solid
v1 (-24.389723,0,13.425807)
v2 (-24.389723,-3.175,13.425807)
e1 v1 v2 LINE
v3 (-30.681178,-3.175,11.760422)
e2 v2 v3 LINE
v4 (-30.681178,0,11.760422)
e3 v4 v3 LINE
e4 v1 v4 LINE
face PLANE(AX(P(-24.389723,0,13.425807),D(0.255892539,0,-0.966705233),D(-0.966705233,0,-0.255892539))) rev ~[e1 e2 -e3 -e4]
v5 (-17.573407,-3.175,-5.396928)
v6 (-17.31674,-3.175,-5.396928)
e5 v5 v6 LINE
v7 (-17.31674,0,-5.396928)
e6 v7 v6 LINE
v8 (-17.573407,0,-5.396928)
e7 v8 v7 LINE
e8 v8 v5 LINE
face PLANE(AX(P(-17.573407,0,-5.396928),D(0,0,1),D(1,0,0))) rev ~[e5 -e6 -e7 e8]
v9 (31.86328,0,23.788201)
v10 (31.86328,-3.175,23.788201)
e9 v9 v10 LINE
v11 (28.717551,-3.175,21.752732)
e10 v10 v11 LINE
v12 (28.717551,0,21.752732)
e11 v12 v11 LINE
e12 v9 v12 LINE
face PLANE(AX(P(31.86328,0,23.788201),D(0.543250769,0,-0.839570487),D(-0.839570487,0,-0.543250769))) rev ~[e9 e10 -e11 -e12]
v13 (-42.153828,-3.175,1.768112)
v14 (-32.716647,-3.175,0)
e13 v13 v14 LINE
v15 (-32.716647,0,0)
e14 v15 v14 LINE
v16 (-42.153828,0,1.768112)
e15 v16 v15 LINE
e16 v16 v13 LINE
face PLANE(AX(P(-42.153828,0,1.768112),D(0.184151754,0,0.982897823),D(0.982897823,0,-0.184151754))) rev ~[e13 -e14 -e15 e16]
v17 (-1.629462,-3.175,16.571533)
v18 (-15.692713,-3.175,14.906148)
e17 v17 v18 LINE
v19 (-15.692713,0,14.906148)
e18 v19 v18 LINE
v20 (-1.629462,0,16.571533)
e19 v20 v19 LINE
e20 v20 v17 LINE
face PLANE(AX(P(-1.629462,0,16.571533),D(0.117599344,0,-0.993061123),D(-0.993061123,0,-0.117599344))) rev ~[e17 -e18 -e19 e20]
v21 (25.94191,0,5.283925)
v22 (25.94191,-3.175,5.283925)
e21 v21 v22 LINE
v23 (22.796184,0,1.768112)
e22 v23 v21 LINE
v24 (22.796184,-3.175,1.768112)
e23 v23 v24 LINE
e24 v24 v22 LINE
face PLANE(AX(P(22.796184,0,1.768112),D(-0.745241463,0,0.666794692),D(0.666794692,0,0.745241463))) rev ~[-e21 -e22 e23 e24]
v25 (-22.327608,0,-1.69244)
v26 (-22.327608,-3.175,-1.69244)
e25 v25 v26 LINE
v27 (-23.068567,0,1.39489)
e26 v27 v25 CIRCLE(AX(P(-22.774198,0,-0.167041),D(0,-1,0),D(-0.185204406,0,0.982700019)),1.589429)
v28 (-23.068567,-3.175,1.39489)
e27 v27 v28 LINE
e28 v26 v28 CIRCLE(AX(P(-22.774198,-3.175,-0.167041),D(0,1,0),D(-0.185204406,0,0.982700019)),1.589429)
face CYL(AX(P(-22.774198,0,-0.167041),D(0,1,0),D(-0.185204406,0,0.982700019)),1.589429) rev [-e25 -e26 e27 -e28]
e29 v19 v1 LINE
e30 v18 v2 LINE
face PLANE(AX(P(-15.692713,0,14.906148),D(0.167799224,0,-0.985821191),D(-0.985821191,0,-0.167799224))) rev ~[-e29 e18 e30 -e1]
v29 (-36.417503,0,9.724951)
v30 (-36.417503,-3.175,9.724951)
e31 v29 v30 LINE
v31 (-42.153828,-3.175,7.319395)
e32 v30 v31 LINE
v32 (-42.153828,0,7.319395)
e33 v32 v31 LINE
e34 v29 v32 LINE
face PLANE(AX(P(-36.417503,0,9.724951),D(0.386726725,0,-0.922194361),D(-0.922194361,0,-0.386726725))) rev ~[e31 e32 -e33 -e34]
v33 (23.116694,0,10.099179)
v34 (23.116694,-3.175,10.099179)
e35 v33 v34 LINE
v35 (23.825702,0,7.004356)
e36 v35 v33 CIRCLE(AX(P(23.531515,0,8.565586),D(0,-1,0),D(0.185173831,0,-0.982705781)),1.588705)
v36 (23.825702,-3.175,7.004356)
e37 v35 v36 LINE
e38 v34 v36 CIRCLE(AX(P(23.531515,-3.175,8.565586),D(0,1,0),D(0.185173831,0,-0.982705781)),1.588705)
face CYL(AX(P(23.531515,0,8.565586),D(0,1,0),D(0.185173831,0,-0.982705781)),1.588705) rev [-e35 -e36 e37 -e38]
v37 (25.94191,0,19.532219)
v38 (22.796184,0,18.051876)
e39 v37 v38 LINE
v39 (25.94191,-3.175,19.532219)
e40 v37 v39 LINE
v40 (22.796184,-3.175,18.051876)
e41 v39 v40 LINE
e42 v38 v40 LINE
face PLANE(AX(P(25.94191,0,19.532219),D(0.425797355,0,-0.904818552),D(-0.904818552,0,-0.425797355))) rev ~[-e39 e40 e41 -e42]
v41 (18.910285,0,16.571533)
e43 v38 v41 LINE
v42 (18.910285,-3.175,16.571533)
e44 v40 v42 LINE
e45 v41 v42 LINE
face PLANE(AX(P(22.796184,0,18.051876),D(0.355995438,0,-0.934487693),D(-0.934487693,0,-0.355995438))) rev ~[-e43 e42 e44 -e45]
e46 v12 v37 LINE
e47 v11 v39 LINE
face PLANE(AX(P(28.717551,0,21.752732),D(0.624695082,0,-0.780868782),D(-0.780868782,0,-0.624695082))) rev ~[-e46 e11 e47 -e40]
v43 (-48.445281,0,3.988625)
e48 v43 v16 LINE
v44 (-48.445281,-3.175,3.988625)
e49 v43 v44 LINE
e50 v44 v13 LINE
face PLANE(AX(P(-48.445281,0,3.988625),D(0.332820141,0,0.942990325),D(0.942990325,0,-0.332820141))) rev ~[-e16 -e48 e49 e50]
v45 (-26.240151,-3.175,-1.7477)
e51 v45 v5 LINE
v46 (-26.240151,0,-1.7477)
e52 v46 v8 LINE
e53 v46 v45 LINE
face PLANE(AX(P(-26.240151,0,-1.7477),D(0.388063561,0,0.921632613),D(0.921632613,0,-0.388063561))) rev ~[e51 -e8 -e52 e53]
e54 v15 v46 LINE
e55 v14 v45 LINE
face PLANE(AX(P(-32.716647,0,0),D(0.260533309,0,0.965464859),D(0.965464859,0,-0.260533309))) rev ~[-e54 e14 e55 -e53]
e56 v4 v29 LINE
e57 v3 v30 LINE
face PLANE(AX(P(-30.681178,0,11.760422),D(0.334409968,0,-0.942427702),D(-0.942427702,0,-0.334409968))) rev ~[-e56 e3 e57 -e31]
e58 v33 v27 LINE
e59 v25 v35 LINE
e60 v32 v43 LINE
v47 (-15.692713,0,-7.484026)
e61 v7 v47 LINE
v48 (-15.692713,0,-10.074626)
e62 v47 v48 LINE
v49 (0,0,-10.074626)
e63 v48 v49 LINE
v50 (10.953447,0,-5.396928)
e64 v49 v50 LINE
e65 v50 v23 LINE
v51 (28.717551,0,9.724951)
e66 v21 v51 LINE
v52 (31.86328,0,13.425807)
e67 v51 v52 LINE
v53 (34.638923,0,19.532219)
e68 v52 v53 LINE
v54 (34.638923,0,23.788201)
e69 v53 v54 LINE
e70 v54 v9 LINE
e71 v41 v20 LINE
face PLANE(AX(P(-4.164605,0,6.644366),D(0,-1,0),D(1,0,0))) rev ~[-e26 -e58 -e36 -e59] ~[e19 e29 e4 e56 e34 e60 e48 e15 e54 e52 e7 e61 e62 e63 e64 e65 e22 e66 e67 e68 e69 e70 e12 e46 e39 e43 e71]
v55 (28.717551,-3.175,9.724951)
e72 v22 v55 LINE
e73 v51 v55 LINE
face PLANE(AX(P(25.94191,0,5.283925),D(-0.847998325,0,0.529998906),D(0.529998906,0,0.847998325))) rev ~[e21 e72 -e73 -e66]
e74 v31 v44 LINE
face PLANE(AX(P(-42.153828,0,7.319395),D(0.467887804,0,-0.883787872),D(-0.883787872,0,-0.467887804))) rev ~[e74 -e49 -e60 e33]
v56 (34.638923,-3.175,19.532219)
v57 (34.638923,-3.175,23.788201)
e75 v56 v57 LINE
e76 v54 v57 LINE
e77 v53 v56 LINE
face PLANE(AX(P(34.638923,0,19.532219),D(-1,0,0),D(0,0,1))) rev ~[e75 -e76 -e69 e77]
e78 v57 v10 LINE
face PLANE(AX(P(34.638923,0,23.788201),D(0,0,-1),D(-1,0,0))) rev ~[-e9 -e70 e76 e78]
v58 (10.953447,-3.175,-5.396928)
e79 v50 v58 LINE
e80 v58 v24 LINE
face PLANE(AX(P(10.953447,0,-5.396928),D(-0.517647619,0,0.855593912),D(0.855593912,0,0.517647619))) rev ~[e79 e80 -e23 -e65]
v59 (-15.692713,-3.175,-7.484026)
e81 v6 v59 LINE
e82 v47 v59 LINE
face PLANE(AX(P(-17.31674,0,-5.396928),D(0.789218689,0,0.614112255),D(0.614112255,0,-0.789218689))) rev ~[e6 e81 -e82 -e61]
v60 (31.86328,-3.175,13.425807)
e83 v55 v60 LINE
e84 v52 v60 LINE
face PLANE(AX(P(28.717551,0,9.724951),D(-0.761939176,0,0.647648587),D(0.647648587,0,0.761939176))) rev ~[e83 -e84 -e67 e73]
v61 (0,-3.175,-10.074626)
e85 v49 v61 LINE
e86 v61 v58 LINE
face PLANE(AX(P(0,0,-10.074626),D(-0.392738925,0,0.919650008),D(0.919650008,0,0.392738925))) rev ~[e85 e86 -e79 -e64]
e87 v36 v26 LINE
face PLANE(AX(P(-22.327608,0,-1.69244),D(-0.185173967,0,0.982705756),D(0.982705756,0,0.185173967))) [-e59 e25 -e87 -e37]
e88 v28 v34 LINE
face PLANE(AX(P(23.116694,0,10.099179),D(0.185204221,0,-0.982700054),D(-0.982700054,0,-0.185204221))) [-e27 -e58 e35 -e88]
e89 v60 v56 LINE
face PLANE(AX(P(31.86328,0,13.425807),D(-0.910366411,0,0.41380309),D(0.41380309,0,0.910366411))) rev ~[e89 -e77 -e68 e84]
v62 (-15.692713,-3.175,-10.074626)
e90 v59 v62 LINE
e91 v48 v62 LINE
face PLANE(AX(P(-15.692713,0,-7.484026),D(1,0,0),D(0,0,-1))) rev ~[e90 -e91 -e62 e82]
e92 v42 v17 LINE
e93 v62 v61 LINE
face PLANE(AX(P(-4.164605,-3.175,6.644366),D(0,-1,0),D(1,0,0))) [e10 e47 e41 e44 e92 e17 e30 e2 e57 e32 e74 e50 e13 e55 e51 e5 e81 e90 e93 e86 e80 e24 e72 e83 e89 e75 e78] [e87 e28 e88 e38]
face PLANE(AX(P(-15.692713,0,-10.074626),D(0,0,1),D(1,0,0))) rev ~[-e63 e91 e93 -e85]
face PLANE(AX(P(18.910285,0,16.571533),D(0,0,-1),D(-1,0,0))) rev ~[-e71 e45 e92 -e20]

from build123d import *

# Parameters (mm, degrees)
F1_DEPTH = 3.175
F3_DEPTH = 9.144


with BuildPart() as f1:
    # F0 (on Front) → F1 (new body)
    with BuildSketch(Plane.XZ):
        Polygon((-42.153828, 7.319395), (-48.445281, 3.988625), (-42.153828, 1.768112), (-32.716647, 0), (-26.240151, -1.7477), (-17.573407, -5.396928), (-17.31674, -5.396928), (-15.692713, -7.484026), (-15.692713, -10.074626), (0, -10.074626), (10.953447, -5.396928), (22.796184, 1.768112), (25.94191, 5.283925), (28.717551, 9.724951), (31.86328, 13.425807), (34.638923, 19.532219), (34.638923, 21.752732), (34.638923, 23.788201), (31.86328, 23.788201), (28.717551, 21.752732), (25.94191, 19.532219), (22.796184, 18.051876), (18.910285, 16.571533), (10.953447, 16.571533), (-1.629462, 16.571533), (-15.692713, 14.906148), (-24.389723, 13.425807), (-30.681178, 11.760422), (-36.417503, 9.724951), align=None)
    extrude(amount=F1_DEPTH)

    # F2 (on Front) → F3 (cut)
    with BuildSketch(Plane.XZ):
        with BuildLine():
            Line((23.116694, 10.099179), (-23.068567, 1.39489))
            ThreePointArc((-23.068567, 1.39489), (-24.319738, -0.537971), (-22.327608, -1.69244))
            Line((-22.327608, -1.69244), (23.825702, 7.004356))
            ThreePointArc((23.825702, 7.004356), (25.080102, 8.920359), (23.116694, 10.099179))
        make_face()
    extrude(amount=F3_DEPTH, mode=Mode.SUBTRACT)


solid = f1.part
